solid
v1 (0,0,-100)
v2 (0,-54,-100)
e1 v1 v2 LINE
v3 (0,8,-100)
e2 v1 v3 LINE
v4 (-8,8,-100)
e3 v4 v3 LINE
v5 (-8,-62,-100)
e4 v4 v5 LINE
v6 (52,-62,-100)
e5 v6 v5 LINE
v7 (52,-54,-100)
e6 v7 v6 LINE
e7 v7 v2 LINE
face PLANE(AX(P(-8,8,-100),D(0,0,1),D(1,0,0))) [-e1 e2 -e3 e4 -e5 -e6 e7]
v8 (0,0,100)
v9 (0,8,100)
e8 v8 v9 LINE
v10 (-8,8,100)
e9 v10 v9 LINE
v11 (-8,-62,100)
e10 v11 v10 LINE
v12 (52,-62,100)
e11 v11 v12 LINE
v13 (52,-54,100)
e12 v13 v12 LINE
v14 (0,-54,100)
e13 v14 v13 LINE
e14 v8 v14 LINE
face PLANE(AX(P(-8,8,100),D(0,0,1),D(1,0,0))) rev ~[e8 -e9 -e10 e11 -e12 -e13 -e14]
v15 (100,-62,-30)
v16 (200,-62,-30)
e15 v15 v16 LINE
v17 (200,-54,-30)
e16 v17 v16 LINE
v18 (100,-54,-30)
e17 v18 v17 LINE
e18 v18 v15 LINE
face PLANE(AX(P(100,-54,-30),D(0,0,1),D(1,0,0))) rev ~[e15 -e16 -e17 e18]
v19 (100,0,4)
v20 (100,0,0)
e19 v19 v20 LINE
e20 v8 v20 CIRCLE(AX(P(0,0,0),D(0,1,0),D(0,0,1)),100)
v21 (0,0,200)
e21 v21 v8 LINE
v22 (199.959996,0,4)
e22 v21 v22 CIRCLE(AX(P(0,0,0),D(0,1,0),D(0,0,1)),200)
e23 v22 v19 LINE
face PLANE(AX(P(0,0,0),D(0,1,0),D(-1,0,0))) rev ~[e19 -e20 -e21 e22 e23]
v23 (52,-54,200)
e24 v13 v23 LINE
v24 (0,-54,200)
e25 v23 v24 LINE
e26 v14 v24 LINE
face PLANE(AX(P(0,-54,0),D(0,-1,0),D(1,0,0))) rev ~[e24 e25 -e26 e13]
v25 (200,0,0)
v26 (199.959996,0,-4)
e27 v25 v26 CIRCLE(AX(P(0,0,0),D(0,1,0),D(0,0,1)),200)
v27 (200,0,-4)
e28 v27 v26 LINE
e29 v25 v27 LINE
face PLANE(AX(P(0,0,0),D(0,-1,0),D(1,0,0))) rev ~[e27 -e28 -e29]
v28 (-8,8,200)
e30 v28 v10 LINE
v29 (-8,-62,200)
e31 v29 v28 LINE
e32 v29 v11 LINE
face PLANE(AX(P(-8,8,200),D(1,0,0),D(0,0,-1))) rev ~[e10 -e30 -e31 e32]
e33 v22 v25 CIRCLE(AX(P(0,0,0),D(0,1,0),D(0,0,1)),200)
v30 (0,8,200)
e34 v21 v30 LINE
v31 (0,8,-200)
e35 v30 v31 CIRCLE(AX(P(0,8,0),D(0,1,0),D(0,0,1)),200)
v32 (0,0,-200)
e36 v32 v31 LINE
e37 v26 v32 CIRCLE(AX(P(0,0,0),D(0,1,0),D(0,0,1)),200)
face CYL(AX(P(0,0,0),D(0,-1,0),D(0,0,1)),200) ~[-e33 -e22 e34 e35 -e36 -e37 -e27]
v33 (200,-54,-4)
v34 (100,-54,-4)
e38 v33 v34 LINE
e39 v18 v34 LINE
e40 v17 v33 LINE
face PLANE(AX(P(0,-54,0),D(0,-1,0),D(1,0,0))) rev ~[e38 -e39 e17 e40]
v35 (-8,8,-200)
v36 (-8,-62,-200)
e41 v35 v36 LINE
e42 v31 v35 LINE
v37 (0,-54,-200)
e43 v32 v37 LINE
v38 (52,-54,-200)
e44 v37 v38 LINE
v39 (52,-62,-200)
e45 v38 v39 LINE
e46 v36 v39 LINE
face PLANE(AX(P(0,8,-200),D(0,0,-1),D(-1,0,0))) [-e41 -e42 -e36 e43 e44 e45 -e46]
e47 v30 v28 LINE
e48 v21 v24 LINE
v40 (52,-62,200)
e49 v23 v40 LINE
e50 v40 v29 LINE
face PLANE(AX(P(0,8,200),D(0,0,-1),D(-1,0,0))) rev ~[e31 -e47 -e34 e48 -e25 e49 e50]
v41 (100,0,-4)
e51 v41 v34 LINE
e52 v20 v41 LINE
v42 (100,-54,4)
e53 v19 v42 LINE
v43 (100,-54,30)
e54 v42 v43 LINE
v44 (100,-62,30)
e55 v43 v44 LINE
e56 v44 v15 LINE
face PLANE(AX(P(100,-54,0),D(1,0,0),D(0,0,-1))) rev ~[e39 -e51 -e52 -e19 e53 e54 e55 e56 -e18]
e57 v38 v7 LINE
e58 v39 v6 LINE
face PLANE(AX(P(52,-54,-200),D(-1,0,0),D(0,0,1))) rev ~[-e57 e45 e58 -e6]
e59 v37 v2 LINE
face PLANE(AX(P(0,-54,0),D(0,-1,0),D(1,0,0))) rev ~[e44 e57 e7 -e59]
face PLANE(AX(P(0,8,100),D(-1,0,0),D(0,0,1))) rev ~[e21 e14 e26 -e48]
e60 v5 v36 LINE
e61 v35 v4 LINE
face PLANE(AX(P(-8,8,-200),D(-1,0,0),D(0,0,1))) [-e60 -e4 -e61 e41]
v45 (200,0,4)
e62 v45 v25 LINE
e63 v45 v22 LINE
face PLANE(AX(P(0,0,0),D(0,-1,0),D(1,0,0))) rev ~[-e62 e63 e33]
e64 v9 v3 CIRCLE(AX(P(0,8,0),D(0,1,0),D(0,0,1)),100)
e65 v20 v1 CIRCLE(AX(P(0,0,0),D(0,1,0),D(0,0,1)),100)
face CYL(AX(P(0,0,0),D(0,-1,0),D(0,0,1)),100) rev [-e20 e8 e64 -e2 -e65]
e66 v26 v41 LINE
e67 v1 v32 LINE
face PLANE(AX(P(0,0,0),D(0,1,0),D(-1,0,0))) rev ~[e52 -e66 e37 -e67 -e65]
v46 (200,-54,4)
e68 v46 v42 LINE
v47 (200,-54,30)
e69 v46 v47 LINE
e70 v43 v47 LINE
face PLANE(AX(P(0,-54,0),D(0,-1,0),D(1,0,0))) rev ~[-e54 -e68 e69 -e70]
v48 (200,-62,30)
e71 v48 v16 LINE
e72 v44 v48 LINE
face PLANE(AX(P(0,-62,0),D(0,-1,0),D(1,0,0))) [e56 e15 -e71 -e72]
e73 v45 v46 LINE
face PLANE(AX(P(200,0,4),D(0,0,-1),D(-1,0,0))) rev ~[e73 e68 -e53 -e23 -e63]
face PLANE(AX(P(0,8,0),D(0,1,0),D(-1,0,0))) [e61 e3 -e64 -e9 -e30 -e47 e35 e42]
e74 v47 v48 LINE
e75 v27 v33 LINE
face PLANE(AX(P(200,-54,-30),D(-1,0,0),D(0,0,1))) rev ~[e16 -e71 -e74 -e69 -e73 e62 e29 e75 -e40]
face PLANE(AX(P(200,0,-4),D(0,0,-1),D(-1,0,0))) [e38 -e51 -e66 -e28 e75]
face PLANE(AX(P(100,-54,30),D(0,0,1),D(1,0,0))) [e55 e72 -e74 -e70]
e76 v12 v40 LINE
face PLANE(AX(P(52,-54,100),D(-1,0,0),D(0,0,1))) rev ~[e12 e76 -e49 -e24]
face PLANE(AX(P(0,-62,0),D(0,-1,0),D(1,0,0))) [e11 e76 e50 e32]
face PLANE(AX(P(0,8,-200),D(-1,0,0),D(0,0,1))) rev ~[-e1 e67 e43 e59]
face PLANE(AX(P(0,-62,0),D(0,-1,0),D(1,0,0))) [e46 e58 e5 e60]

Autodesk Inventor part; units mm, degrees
ref_plane "YZ Plane" through (0, 0, 0) normal (1, 0, 0) x (0, 1, 0)
ref_plane "XZ Plane" through (0, 0, 0) normal (0, 1, 0) x (-1, 0, 0)
ref_plane "XY Plane" through (0, 0, 0) normal (0, 0, 1) x (1, 0, 0)
sketch "Sketch1" plane through (0, 0, 0) normal (0, 1, 0) x (-1, 0, 0)
  arc A0 (0, 100) -> (0, -100) centre (0, 0) ccw
  arc A1 (0, 200) -> (0, -200) centre (0, 0) ccw
  line L0 (0, 200) -> (0, 100)
  line L1 (0, -100) -> (0, -200)
  dimension "d0" = 200
  dimension "d1" = 400
extrude "Extrusion1" add sketch "Sketch1" along normal blind 8
sketch "Sketch2" plane through (0, 8, 0) normal (0, 1, 0) x (1, 0, 0)
  line L0 (0, -100) -> (0, -200) projected
  line L1 (0, -200) -> (-8, -200)
  line L2 (-8, -200) -> (-8, -100)
  line L3 (-8, -100) -> (0, -100)
  line L4 (0, -100) -> (0, -200)
  line L5 (0, 200) -> (0, 100) projected
  line L6 (0, 100) -> (0, 200)
  line L7 (0, 200) -> (-8, 200)
  line L8 (-8, 200) -> (-8, 100)
  line L9 (-8, 100) -> (0, 100)
  point P0 (0, 0)
  dimension "d4" = 8
  dimension "d5" = 100
  dimension "d6" = 8
  dimension "d7" = 100
extrude "Extrusion2" add sketch "Sketch2" against normal blind 62
sketch "Sketch3" plane through (0, -54, 0) normal (0, -1, 0) x (1, 0, 0)
  line L0 (-8, -100) -> (-8, -200) projected
  line L1 (-8, -200) -> (52, -200)
  line L2 (52, -200) -> (52, -100)
  line L3 (52, -100) -> (-8, -100)
  line L4 (-8, -100) -> (-8, -200)
  line L5 (-8, 200) -> (-8, 100) projected
  line L6 (-8, 100) -> (52, 100)
  line L7 (52, 100) -> (52, 200)
  line L8 (52, 200) -> (-8, 200)
  line L9 (-8, 200) -> (-8, 100)
  point P0 (0, 0)
  dimension "d10" = 60
  dimension "d11" = 60
extrude "Extrusion3" add sketch "Sketch3" along normal blind 8
sketch "Sketch4" plane through (0, 0, 0) normal (0, -1, 0) x (1, 0, 0)
  arc A0 (0, -100) -> (0, 100) centre (0, 0) ccw projected
  line L0 (100, 0) -> (200, 0)
  line L1 (200, 0) -> (200, 4)
  line L2 (200, 4) -> (100, 4)
  line L3 (100, 4) -> (100, 0)
  line L4 (100, 0) -> (200, 0)
  line L5 (200, 0) -> (200, -4)
  line L6 (200, -4) -> (100, -4)
  line L7 (100, -4) -> (100, 0)
  dimension "d14" = 100
  dimension "d15" = 4
  dimension "d16" = 100
  dimension "d17" = 4
extrude "Extrusion4" add sketch "Sketch4" along normal blind 54
sketch "Sketch5" plane through (0, -54, 0) normal (0, -1, 0) x (1, 0, 0)
  line L0 (200, -4) -> (200, 4) projected
  line L1 (200, 0) -> (100, 0)
  line L2 (100, 0) -> (100, -30)
  line L3 (100, -30) -> (200, -30)
  line L4 (200, -30) -> (200, 0)
  line L5 (200, 0) -> (100, 0)
  line L6 (100, 0) -> (100, 30)
  line L7 (100, 30) -> (200, 30)
  line L8 (200, 30) -> (200, 0)
  point P0 (0, 0)
  dimension "d20" = 100
  dimension "d21" = 30
  dimension "d22" = 100
  dimension "d23" = 30
extrude "Extrusion5" add sketch "Sketch5" along normal blind 8
sketch "Sketch6" plane through (0, 8, 0) normal (0, 1, 0) x (1, 0, 0)
  circle A0 centre (146.0864, 0) radius 2.5
  point P0 (0, 0)
  dimension "d26" = 5
properties part number "Cuptable1" material "Wood (Birch)"
